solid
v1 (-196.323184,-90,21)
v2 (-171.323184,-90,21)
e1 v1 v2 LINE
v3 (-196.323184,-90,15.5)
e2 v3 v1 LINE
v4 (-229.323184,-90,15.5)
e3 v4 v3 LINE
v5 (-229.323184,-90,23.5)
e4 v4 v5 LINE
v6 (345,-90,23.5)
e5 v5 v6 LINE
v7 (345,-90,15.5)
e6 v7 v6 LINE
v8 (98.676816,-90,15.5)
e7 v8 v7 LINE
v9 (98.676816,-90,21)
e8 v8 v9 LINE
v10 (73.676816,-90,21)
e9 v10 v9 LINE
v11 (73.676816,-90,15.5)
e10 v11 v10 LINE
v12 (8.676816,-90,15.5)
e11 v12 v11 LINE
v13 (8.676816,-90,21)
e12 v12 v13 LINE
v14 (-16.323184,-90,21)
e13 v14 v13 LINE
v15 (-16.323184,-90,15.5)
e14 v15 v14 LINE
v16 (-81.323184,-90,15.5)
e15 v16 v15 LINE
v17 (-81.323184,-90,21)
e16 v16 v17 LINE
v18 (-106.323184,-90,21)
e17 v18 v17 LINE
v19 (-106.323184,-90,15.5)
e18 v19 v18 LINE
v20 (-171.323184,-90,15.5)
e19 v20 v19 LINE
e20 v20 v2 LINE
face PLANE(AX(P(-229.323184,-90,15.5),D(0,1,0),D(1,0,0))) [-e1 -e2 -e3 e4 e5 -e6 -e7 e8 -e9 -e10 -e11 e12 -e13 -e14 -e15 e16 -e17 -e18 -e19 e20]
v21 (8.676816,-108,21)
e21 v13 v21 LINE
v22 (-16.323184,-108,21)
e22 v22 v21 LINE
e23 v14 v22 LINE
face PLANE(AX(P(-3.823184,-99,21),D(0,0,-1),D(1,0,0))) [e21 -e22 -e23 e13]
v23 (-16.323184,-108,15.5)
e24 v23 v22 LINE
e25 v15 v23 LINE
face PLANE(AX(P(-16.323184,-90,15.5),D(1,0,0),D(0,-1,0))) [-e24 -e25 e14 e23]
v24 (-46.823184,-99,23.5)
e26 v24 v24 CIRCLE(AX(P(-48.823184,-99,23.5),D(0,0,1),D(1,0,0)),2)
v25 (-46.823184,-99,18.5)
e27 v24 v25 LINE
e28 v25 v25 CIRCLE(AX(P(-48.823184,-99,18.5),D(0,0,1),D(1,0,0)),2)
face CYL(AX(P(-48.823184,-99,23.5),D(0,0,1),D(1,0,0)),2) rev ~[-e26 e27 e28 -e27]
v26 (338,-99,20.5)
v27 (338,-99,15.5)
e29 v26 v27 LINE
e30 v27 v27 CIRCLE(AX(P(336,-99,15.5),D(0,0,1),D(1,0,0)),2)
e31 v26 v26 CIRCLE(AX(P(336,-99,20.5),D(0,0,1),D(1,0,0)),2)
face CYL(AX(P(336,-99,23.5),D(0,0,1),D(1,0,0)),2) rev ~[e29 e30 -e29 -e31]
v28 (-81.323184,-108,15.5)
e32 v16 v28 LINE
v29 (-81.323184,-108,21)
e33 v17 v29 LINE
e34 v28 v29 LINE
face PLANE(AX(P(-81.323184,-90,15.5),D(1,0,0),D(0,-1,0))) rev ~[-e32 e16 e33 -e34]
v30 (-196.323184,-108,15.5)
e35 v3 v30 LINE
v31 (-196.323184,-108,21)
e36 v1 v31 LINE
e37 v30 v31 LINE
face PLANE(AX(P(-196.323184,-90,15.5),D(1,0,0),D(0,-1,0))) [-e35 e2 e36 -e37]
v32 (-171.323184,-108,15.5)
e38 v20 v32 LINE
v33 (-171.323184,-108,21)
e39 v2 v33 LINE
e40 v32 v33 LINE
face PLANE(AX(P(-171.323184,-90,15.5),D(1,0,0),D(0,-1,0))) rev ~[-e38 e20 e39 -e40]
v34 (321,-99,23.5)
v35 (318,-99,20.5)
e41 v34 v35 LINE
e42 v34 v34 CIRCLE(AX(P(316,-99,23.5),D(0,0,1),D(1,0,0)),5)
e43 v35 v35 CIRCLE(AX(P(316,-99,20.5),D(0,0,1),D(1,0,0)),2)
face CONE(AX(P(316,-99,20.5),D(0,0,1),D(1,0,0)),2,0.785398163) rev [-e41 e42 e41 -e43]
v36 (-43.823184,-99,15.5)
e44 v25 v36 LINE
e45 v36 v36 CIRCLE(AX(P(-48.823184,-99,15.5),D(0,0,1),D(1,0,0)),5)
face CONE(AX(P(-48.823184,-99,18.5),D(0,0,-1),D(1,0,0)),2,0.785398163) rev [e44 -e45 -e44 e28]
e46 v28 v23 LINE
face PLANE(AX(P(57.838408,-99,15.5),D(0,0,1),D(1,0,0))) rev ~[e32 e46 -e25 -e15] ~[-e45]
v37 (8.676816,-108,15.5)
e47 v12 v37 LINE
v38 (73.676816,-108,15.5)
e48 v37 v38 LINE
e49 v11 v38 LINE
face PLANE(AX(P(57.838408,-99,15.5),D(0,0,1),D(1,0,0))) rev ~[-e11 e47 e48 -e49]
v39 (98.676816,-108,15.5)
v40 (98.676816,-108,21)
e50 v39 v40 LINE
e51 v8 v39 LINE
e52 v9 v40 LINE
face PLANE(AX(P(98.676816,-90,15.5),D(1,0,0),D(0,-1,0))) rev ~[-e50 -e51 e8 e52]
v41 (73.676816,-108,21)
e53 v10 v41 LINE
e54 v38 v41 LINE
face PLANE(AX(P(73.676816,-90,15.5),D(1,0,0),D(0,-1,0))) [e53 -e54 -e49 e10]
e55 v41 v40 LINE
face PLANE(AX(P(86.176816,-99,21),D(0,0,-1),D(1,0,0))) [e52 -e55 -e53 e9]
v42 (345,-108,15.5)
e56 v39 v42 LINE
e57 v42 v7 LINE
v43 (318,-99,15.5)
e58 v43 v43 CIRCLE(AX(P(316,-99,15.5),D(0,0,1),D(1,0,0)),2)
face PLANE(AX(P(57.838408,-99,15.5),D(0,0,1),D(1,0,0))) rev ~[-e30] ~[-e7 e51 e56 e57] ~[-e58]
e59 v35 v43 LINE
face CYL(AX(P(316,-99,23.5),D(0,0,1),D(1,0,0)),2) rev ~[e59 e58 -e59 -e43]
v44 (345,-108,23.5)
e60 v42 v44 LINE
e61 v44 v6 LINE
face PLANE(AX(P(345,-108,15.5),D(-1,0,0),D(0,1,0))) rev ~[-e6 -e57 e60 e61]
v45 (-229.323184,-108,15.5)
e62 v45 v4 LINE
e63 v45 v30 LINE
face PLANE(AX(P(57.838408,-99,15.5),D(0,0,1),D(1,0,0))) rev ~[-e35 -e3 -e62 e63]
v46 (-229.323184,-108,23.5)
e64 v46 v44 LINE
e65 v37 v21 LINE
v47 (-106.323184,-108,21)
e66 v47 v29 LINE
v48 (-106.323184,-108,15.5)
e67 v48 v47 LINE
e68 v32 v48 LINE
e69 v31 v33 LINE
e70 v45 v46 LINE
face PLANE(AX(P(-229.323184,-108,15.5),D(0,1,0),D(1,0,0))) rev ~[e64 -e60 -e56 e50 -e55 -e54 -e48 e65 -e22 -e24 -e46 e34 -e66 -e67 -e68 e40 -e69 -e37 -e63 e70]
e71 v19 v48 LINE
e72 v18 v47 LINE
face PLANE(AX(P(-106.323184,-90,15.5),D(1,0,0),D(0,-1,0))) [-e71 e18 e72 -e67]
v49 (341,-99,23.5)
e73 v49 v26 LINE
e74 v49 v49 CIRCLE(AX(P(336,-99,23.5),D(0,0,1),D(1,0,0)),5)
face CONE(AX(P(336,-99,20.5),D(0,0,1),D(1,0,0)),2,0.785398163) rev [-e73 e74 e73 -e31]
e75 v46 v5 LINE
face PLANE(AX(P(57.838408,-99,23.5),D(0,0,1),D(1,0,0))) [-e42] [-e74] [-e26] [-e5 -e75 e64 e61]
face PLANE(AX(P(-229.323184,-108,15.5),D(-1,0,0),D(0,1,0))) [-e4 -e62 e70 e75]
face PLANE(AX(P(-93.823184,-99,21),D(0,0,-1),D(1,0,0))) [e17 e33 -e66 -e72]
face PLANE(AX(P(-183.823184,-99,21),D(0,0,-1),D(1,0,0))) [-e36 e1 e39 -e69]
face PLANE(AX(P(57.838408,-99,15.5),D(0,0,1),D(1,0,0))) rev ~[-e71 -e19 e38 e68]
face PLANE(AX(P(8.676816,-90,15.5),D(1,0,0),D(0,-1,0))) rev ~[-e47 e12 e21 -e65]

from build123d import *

# Parameters (mm, degrees)
SKETCH044_W     = 574.323184
SKETCH044_H     = 18
PAD022_DEPTH    = 8
SKETCH049_R     = 2
POCKET031_DEPTH = 8.001
CHAMFER017_SIZE = 3
SKETCH050_W     = 25
SKETCH050_H     = 18
POCKET032_DEPTH = 5.5
SKETCH070_R     = 2
POCKET045_DEPTH = 8.001
CHAMFER029_SIZE = 3


with BuildPart() as part:
    # Sketch044 → Pad022 (new body)
    with BuildSketch(Plane.XY):
        with Locations((57.838408, -99)):
            Rectangle(SKETCH044_W, SKETCH044_H)
    extrude(amount=PAD022_DEPTH)

    # Sketch049 (on Face6 of Pad022) → Pocket031 (cut, through all)
    with BuildSketch(Plane.XY.offset(8)):
        with Locations((316, -99)):
            Circle(SKETCH049_R)
        with Locations((336, -99)):
            Circle(SKETCH049_R)
    extrude(amount=-POCKET031_DEPTH, mode=Mode.SUBTRACT)

    # Chamfer017
    chamfer017_edges = [part.edges().sort_by_distance(p)[0] for p in [
        (334, -99, 8),
        (314, -99, 8),
    ]]
    chamfer(chamfer017_edges, length=CHAMFER017_SIZE)

    # Sketch050 (on Face9 of Chamfer017) → Pocket032 (cut)
    with BuildSketch(Plane(origin=(0, 0, 0), x_dir=(1, 0, 0), z_dir=(0, 0, -1))):
        with Locations((-183.823184, 99)):
            Rectangle(SKETCH050_W, SKETCH050_H)
        with Locations((-93.823184, 99)):
            Rectangle(SKETCH050_W, SKETCH050_H)
        with Locations((-3.823184, 99)):
            Rectangle(SKETCH050_W, SKETCH050_H)
        with Locations((86.176816, 99)):
            Rectangle(SKETCH050_W, SKETCH050_H)
    extrude(amount=-POCKET032_DEPTH, mode=Mode.SUBTRACT)

    # Sketch070 (on Face1 of Pocket032) → Pocket045 (cut, through all)
    with BuildSketch(Plane.XY.offset(8)):
        with Locations((-48.823184, -99)):
            Circle(SKETCH070_R)
    extrude(amount=-POCKET045_DEPTH, mode=Mode.SUBTRACT)

    # Chamfer029
    chamfer029_edges = [part.edges().sort_by_distance(p)[0] for p in [
        (-50.823184, -99, 0),
    ]]
    chamfer(chamfer029_edges, length=CHAMFER029_SIZE)


with BuildPart() as part_1:
    # Body016 placement: moved
    add(part.part.moved(Location((0, 0, 15.5))))


solid = part_1.part
